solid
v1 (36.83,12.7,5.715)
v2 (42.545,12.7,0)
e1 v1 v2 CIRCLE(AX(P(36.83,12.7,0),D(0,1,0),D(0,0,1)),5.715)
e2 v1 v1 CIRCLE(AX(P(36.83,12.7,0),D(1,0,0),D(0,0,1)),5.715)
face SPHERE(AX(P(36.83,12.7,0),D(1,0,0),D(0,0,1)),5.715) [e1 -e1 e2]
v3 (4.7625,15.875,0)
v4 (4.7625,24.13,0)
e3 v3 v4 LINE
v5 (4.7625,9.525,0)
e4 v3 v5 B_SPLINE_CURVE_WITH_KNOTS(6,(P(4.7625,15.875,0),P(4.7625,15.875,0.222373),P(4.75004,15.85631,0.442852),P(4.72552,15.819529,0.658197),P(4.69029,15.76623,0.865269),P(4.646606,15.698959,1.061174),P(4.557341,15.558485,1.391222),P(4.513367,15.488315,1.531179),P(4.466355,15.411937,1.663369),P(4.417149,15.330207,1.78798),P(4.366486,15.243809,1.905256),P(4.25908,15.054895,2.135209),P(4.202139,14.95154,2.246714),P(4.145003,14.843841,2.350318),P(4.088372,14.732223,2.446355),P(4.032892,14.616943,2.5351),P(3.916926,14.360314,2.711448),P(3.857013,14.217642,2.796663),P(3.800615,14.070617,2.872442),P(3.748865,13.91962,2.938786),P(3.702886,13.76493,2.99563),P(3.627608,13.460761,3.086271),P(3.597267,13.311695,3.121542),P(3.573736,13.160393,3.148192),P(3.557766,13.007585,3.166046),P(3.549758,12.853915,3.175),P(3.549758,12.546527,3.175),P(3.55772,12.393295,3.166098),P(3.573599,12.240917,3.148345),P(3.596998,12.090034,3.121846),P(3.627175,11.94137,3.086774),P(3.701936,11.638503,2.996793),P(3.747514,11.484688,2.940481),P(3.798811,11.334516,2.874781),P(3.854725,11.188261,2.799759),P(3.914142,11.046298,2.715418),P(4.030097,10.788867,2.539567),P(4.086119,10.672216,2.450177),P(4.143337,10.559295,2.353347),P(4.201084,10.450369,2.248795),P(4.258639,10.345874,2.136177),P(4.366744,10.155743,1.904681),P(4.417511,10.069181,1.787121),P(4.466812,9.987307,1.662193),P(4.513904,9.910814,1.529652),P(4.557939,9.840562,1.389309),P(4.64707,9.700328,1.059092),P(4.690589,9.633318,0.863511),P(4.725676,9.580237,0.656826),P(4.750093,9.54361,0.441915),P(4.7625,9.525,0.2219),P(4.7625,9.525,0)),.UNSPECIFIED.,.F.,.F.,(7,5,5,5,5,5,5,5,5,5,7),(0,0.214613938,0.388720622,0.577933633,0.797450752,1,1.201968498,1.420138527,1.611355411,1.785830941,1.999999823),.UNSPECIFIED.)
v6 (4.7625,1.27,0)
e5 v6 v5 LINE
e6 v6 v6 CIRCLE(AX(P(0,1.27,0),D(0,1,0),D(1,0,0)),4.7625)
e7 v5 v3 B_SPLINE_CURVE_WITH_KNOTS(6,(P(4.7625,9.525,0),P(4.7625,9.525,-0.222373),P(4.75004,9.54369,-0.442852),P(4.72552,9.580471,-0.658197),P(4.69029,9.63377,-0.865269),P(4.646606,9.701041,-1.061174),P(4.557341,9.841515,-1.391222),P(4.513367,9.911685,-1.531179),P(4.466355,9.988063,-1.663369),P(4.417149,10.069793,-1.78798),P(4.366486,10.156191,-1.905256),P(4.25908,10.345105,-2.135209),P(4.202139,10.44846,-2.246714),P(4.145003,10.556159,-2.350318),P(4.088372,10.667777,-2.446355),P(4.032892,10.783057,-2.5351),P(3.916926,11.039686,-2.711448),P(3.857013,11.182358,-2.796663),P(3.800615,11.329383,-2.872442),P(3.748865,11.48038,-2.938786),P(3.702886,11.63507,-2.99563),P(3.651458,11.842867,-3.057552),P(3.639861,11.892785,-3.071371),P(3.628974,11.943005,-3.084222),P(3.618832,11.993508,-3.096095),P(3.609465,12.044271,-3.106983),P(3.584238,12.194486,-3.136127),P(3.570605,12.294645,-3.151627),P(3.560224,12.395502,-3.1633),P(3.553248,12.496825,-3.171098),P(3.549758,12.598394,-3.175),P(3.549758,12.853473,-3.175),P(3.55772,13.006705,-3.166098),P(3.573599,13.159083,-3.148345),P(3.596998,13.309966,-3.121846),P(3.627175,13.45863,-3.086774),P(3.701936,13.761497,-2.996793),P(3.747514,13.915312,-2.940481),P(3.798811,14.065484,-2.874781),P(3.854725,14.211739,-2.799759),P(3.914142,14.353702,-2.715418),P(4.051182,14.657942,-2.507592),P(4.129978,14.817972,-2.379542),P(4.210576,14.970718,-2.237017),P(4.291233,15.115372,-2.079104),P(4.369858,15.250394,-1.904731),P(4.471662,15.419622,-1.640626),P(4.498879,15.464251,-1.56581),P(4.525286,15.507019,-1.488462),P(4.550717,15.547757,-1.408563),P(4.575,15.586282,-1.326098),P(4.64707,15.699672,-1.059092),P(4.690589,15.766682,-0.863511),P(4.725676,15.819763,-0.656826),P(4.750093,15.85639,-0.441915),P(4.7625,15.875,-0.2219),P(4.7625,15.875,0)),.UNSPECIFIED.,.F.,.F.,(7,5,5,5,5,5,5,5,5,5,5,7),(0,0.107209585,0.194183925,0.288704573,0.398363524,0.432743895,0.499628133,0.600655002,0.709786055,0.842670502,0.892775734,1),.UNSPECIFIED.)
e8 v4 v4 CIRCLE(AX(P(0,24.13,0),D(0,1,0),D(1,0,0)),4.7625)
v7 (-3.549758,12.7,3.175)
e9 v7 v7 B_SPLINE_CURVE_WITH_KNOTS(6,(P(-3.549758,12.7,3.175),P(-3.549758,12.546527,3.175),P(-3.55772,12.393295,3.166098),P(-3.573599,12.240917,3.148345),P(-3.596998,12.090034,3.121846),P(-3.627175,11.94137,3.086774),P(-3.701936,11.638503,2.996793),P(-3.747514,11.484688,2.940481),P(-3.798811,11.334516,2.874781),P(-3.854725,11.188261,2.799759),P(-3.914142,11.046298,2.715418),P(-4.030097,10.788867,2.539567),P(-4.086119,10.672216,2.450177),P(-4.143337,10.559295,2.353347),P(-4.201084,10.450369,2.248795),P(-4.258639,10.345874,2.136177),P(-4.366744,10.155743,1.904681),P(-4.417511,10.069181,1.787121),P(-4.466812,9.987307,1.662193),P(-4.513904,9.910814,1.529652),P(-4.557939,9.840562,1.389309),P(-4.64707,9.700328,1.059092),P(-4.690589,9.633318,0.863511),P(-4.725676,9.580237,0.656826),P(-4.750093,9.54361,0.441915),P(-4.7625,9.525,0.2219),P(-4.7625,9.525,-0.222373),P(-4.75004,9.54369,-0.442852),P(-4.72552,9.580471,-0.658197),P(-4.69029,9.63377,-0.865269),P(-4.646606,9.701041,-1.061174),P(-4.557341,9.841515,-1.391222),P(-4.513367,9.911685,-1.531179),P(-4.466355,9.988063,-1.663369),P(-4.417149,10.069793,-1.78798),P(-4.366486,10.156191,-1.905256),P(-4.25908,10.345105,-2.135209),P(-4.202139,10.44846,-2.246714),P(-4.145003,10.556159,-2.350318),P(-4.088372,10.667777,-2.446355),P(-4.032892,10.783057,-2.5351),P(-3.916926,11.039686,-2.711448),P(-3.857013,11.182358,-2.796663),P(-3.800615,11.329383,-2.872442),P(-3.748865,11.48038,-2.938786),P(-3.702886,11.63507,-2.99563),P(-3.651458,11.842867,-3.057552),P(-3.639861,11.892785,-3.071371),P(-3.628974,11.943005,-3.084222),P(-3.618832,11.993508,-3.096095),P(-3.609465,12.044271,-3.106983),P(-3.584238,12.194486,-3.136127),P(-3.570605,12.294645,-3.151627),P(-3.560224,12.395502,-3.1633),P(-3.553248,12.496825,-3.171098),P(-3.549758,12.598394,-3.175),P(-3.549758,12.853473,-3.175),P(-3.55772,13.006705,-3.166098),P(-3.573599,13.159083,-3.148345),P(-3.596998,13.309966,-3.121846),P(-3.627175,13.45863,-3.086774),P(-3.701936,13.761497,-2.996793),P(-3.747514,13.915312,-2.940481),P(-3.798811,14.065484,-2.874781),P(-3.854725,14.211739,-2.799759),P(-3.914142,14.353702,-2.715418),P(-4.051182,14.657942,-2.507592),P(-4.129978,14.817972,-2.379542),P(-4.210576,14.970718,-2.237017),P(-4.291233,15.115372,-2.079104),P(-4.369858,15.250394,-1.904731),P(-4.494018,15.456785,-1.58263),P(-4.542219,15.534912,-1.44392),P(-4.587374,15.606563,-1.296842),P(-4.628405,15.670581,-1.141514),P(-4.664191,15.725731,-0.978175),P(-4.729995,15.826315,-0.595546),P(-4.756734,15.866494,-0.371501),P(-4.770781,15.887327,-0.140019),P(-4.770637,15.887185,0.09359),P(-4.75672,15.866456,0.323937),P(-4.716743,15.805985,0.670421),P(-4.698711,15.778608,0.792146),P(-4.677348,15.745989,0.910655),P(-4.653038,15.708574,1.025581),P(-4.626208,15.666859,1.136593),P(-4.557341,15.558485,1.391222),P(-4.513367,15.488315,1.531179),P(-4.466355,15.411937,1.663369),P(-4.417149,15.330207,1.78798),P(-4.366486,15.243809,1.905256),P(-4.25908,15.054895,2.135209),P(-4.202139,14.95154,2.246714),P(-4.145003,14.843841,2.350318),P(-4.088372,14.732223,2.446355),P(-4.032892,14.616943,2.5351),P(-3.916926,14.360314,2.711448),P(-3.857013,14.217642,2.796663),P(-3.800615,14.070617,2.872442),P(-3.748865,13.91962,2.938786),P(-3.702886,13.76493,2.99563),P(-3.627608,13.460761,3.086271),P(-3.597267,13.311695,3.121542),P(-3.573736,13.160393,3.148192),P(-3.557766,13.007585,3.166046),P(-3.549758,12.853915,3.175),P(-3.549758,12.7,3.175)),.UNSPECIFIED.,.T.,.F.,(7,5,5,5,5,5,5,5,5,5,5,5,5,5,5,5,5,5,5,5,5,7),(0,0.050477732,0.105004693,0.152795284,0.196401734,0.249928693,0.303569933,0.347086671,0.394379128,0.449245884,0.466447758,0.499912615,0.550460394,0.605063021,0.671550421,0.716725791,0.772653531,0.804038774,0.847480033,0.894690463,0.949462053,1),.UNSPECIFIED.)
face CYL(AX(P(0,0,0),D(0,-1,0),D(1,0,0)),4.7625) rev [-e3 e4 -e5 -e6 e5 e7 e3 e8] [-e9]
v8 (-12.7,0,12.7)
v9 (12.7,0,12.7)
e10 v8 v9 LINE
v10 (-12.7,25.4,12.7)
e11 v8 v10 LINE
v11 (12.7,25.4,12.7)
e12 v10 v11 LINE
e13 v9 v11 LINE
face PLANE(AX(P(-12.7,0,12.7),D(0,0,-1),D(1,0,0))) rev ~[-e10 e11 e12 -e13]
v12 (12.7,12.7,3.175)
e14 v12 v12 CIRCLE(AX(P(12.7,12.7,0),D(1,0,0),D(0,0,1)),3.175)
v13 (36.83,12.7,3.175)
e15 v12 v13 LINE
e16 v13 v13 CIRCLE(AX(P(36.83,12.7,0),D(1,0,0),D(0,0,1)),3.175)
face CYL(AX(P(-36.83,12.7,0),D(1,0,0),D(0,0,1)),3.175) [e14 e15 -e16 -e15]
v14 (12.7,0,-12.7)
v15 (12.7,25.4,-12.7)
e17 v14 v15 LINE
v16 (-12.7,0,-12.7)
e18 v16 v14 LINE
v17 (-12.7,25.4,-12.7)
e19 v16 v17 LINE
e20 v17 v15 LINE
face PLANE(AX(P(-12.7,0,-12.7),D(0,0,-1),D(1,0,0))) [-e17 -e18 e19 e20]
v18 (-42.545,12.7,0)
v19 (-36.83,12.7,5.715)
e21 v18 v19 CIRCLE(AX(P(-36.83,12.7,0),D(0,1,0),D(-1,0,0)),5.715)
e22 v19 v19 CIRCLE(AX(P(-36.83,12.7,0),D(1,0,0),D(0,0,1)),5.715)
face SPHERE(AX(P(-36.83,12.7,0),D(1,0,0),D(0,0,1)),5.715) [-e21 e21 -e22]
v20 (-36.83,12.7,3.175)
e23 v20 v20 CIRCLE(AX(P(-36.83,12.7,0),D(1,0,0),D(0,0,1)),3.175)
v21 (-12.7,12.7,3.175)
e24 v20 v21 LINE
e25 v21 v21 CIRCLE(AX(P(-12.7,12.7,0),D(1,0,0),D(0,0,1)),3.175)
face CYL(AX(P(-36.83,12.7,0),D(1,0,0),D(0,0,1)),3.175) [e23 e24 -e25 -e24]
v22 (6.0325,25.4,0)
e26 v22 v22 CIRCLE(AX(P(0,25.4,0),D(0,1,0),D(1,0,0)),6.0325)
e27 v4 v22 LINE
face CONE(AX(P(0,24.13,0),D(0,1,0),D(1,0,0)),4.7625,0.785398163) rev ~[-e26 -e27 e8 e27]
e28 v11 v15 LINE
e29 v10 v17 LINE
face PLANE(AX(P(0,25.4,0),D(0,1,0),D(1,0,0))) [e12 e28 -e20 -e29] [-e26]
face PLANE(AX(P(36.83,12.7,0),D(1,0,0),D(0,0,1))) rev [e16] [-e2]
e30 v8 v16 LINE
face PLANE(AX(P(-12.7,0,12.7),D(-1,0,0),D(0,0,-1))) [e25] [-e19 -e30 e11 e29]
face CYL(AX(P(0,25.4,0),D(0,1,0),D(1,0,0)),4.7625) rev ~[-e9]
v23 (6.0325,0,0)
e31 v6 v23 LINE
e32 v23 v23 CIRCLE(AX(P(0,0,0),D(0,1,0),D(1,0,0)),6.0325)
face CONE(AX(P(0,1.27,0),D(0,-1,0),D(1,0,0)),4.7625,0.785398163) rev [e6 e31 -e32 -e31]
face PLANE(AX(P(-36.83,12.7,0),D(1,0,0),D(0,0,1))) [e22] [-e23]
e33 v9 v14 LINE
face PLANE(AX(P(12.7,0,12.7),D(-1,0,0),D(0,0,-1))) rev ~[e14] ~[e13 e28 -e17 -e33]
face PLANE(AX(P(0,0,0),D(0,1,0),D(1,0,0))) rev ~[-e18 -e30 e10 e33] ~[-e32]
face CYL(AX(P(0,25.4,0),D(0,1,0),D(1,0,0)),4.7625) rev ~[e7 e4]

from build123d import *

# Parameters (mm, degrees)
SKETCH1_W           = 25.4
SKETCH1_H           = 25.4
SKETCH1_R           = 4.7625
BOSS_EXTRUDE1_DEPTH = 25.4
CHAMFER1_SIZE       = 1.27
SKETCH3_R           = 4.7625
CUT_EXTRUDE1_DEPTH  = 26.4


with BuildPart() as part:
    # Sketch1 → Boss-Extrude1 (new body)
    with BuildSketch(Plane(origin=(0, 0, 0), x_dir=(1, 0, 0), z_dir=(0, 1, 0))):
        Rectangle(SKETCH1_W, SKETCH1_H)
        Circle(SKETCH1_R, mode=Mode.SUBTRACT)
    extrude(amount=BOSS_EXTRUDE1_DEPTH)

    # Chamfer1
    chamfer1_edges = [part.edges().sort_by_distance(p)[0] for p in [
        (-4.7625, 0, 0),
        (-4.7625, 25.4, 0),
    ]]
    chamfer(chamfer1_edges, length=CHAMFER1_SIZE)

    # Sketch2 → Revolve1 (revolve)
    with BuildSketch(Plane(origin=(0, 12.7, 0), x_dir=(1, 0, 0), z_dir=(0, 1, 0))):
        with BuildLine():
            Line((-36.83, -3.175), (36.83, -3.175))
            Line((36.83, -3.175), (36.83, -5.715))
            ThreePointArc((36.83, -5.715), (40.871115254, -4.041115254), (42.545, 0))
            Line((42.545, 0), (-42.545, 0))
            ThreePointArc((-42.545, 0), (-40.871115254, -4.041115254), (-36.83, -5.715))
            Line((-36.83, -5.715), (-36.83, -3.175))
        make_face()
    revolve(axis=Axis((-42.545, 12.7, 0), (1, 0, 0)))

    # Sketch3 → Cut-Extrude1 (cut, through all)
    with BuildSketch(Plane(origin=(0, 25.4, 0), x_dir=(1, 0, 0), z_dir=(0, 1, 0))):
        Circle(SKETCH3_R)
    extrude(amount=-CUT_EXTRUDE1_DEPTH, mode=Mode.SUBTRACT)


solid = part.part
